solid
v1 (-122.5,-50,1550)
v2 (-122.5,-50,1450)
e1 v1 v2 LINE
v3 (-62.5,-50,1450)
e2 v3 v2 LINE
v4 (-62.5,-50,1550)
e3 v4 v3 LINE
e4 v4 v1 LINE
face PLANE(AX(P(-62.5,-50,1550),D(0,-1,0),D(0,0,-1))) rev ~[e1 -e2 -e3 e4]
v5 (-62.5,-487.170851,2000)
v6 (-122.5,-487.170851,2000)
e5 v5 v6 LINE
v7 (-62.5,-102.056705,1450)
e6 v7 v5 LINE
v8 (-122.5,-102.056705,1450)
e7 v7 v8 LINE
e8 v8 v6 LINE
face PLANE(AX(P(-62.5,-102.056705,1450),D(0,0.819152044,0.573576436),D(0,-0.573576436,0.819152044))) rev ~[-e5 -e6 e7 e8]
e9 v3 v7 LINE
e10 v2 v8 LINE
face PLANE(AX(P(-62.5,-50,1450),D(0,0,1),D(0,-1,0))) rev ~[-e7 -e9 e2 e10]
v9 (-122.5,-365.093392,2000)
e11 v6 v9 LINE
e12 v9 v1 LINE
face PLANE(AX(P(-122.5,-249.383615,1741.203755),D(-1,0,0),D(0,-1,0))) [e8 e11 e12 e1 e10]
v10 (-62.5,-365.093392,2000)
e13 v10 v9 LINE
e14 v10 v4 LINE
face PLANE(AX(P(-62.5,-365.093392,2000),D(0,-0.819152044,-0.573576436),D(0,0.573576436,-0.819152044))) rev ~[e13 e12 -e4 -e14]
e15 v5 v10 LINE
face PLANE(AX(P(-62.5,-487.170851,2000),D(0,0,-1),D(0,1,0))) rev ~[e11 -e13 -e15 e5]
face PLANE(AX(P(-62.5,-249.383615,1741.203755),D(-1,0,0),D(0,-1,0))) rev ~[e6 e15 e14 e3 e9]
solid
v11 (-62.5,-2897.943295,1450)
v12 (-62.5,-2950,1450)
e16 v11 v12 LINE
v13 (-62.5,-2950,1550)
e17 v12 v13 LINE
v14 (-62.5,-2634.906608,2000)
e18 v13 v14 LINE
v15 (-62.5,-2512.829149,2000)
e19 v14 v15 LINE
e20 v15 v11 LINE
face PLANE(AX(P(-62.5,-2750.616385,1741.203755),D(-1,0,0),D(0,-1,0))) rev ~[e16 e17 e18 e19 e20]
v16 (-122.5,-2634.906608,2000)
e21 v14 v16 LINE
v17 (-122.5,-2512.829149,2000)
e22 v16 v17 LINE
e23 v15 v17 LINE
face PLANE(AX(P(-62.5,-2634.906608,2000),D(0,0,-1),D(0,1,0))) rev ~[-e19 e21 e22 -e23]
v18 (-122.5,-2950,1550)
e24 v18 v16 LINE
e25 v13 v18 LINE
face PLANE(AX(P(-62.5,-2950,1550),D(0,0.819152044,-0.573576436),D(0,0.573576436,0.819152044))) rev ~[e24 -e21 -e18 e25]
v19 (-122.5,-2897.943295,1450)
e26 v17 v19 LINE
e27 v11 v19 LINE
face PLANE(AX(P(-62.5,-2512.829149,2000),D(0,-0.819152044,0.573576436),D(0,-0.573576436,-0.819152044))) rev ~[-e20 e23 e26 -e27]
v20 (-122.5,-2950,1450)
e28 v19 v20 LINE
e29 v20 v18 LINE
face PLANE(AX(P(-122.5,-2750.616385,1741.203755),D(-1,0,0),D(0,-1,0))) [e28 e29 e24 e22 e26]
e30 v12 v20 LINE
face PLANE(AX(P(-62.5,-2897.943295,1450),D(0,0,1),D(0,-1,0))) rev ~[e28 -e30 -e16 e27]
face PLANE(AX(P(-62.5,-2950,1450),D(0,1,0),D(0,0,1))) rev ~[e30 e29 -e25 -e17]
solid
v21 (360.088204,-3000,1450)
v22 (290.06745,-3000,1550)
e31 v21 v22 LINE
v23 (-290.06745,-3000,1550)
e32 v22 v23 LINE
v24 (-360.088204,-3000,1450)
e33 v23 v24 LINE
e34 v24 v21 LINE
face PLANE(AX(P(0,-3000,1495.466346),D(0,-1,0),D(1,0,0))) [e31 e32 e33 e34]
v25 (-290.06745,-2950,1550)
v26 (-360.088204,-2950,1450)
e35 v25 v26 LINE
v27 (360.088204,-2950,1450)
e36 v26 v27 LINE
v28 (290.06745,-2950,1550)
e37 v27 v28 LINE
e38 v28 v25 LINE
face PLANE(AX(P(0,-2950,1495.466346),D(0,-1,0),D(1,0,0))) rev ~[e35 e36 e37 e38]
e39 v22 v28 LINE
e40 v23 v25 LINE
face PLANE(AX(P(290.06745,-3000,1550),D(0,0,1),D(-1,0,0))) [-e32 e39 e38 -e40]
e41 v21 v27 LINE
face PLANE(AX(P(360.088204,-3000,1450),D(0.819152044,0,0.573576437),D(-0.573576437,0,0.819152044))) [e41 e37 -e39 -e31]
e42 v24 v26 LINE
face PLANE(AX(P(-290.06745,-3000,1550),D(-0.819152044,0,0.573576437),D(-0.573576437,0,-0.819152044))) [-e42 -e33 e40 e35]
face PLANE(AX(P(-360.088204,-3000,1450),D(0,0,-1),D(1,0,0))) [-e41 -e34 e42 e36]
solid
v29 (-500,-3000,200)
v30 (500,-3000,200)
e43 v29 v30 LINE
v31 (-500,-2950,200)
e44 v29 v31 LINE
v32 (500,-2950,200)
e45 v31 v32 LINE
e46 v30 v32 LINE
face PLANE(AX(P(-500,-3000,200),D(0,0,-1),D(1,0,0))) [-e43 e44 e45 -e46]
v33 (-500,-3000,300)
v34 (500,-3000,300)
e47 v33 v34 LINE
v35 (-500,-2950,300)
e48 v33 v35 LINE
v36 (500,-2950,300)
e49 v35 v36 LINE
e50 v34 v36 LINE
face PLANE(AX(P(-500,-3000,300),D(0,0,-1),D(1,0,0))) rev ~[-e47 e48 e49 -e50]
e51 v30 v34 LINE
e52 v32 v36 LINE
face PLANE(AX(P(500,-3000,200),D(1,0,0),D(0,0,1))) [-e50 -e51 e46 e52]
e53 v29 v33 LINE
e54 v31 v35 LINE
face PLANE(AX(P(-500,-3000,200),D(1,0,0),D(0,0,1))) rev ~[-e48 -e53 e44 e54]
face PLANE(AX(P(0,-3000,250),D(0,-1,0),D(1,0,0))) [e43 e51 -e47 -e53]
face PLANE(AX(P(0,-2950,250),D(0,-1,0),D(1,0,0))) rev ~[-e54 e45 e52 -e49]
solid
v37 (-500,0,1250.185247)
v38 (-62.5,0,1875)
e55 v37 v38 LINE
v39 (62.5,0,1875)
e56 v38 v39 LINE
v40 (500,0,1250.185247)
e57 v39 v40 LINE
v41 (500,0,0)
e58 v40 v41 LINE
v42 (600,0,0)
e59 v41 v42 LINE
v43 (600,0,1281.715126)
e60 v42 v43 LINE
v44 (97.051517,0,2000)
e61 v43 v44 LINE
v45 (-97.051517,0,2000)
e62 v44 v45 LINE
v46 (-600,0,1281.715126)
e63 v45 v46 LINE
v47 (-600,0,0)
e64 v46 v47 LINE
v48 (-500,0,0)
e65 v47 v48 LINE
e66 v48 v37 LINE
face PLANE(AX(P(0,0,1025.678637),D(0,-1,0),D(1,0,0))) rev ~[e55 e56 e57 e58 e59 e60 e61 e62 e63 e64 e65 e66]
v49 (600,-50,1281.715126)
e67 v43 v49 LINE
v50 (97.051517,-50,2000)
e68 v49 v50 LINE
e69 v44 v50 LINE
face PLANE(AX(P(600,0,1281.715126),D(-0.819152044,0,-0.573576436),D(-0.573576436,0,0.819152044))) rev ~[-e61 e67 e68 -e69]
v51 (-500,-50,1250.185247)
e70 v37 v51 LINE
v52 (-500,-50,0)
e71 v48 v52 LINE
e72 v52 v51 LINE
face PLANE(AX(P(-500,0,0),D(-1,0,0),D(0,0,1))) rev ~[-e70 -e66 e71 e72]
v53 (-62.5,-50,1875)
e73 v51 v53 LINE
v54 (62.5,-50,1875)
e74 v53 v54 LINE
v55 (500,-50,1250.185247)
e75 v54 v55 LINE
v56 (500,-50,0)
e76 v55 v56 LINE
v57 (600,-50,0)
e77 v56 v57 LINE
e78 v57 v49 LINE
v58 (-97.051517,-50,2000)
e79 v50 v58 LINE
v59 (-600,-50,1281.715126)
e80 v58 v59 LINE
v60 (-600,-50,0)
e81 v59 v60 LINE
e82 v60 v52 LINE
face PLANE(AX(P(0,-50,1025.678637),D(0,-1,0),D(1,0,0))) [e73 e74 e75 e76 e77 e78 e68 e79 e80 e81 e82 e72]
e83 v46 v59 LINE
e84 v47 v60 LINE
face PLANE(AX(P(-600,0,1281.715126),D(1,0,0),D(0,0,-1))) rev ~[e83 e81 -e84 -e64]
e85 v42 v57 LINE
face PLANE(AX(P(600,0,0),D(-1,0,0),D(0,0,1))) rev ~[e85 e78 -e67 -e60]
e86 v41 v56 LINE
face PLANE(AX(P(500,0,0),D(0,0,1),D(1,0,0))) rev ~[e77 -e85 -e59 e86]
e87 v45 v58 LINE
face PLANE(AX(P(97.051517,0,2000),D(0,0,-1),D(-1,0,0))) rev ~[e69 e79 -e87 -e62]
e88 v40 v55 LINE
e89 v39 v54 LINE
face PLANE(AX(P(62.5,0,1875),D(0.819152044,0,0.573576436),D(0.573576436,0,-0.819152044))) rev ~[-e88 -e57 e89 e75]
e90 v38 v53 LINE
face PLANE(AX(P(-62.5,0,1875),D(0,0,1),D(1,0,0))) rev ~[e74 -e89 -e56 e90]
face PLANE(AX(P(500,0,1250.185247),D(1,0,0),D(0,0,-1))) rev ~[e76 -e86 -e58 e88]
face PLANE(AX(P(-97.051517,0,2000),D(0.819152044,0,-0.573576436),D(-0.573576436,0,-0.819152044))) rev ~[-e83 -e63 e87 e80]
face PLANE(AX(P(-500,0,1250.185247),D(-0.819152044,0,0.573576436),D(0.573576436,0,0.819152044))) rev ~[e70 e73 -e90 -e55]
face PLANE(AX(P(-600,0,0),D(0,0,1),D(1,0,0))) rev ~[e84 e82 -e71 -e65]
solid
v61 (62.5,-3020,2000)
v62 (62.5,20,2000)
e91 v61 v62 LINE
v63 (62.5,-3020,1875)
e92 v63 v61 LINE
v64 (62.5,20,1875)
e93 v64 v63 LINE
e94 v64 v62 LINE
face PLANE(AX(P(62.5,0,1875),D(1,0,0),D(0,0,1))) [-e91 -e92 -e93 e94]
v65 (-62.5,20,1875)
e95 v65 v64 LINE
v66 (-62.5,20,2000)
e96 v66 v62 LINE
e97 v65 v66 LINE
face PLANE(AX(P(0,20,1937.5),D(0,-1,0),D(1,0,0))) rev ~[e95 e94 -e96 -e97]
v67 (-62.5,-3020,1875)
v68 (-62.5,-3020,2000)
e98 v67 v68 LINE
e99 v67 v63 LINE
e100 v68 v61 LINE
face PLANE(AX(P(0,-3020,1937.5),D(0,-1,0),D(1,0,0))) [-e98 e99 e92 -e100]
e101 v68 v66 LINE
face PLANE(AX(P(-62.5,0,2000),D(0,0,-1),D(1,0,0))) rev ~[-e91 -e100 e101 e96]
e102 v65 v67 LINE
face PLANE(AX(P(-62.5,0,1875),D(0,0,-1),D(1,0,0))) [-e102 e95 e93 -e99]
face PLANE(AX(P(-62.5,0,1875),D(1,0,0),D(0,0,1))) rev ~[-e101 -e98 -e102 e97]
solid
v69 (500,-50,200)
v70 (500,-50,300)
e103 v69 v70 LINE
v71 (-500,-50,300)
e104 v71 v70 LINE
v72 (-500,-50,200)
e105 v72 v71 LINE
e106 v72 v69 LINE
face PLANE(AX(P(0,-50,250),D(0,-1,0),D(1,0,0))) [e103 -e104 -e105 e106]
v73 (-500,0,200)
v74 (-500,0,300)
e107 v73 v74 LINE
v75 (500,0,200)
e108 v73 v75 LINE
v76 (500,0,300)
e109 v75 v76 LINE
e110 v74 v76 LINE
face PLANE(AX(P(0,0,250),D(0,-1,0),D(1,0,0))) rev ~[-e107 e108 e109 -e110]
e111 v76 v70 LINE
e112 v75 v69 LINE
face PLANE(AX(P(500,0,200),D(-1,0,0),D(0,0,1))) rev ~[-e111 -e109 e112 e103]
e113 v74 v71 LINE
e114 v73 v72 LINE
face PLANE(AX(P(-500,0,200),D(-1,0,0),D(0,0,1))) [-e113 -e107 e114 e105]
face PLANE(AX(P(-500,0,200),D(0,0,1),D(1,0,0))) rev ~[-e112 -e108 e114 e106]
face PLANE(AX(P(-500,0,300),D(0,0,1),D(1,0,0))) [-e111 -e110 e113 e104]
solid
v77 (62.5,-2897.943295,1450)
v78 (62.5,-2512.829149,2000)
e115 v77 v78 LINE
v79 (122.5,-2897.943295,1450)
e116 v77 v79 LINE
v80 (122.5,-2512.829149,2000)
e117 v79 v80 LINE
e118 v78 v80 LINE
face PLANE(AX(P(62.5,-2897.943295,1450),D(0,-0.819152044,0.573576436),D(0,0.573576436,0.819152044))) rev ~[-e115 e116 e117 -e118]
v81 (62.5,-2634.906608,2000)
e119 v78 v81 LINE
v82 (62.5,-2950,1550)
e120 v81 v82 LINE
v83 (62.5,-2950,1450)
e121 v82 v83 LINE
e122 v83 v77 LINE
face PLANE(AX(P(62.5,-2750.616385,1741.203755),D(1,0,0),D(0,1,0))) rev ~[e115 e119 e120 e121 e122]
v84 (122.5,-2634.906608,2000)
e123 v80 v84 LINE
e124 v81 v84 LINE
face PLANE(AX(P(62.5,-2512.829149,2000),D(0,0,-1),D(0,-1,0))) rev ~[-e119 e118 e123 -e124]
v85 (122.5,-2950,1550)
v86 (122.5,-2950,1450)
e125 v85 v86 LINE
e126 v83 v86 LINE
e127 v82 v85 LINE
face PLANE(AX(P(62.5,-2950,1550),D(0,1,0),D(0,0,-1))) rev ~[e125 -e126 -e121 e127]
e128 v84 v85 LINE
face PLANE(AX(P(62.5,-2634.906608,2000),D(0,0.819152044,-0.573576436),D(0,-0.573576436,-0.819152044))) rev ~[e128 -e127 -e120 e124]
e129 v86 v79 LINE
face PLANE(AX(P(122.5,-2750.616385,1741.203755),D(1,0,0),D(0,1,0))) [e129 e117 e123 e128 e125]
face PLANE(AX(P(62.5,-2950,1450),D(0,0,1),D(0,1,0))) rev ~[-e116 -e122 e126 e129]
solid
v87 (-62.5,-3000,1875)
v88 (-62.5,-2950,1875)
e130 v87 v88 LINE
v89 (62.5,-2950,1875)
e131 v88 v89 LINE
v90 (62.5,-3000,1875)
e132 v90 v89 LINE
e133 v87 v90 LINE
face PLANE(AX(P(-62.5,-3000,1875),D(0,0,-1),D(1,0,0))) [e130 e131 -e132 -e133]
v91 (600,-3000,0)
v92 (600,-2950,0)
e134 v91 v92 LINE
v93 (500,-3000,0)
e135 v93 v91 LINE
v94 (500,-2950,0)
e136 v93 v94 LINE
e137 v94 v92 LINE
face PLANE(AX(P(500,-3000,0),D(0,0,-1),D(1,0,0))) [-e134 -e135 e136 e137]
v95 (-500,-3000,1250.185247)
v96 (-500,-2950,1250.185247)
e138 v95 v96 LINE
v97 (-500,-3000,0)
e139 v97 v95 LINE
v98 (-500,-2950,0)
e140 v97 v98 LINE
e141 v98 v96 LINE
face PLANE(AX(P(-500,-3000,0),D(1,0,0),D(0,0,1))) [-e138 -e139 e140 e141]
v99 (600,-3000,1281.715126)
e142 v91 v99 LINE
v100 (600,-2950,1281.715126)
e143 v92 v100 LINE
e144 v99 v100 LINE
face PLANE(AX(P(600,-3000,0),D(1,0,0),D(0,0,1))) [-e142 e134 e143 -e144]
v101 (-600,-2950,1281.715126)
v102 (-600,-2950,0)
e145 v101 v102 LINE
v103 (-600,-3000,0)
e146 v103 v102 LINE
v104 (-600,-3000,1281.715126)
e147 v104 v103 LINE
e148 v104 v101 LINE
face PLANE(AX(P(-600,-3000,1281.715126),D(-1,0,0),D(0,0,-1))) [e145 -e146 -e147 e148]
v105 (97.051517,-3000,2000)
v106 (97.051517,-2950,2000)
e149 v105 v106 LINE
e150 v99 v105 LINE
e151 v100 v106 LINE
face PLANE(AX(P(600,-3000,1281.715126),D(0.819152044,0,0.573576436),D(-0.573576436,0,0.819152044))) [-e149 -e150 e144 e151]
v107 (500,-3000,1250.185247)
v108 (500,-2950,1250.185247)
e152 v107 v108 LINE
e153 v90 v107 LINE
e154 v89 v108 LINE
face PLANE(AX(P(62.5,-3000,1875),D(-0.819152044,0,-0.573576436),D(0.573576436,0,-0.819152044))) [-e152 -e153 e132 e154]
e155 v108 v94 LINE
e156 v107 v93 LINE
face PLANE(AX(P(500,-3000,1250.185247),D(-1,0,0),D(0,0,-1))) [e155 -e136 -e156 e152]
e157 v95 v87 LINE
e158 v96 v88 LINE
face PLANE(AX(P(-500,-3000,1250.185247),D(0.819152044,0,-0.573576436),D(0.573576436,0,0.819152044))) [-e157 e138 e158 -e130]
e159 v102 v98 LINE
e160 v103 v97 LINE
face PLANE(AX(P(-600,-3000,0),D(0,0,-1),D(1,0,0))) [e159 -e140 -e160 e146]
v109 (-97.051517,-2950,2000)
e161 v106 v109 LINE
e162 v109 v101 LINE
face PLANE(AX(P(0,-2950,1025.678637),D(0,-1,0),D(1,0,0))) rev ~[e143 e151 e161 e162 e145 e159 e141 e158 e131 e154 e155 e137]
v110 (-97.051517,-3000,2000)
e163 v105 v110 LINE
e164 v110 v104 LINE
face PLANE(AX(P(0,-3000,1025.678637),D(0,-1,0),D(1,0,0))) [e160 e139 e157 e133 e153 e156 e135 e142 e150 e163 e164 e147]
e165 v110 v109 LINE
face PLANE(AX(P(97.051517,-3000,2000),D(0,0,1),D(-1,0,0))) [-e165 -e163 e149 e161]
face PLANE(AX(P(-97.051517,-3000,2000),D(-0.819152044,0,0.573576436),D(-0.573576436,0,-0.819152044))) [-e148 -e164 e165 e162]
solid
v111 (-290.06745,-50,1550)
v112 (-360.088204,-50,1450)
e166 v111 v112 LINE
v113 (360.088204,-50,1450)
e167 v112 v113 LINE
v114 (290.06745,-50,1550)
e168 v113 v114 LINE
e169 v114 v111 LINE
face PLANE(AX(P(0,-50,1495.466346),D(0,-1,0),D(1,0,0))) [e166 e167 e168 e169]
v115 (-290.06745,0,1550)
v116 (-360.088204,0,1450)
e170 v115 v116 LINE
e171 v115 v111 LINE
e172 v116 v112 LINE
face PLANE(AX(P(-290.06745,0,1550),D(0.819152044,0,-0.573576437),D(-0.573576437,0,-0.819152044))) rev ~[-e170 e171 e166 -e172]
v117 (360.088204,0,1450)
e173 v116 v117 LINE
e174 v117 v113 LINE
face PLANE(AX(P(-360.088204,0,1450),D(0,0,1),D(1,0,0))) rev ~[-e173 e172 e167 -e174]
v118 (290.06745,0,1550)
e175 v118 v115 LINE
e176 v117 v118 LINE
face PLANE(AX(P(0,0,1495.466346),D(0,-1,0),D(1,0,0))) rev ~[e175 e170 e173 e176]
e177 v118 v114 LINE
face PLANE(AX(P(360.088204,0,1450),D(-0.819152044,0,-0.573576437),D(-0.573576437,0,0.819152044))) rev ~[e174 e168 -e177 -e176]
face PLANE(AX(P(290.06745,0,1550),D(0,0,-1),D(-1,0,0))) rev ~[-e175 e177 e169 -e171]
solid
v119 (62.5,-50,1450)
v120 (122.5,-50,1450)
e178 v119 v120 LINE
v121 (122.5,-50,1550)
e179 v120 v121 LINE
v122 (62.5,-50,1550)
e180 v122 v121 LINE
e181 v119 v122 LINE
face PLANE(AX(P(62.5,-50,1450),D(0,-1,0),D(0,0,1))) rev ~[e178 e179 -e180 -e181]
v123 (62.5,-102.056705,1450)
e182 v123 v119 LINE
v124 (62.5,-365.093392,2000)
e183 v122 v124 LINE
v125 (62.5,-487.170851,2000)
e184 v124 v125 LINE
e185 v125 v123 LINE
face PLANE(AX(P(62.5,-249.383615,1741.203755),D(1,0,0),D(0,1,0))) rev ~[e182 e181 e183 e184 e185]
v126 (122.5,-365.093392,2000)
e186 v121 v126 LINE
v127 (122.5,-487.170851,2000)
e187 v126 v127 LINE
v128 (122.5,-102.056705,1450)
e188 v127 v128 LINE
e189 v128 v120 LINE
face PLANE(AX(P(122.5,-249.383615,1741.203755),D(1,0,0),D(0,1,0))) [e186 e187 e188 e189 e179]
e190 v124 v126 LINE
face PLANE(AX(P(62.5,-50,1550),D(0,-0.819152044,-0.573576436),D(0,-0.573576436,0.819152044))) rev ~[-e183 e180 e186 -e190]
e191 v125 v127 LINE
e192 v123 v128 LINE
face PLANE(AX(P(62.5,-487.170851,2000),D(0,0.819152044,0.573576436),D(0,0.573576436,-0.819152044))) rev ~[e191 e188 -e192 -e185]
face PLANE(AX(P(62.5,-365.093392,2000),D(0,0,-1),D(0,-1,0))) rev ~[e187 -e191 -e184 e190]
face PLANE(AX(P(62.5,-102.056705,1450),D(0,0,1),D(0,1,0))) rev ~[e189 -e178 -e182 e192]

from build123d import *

# Parameters (mm, degrees)
F1_DEPTH      = 50
F4_DEPTH      = 50
F5_W          = 125
F5_H          = 125
F6_DEPTH      = 3020
F6_DEPTH_BACK = 20
F7_W          = 1000
F7_H          = 100
F8_DEPTH      = 50
F9_W          = 1000
F9_H          = 100
F10_DEPTH     = 50
F12_DEPTH     = 60
F14_DEPTH     = 60


with BuildPart() as f1:
    # F0 (on Front) → F1 (new body)
    with BuildSketch(Plane.XZ):
        Polygon((0, 2000), (-97.051517, 2000), (-600, 1281.715126), (-600, 0), (-500, 0), (-500, 1250.185247), (-62.5, 1875), (0, 1875), (62.5, 1875), (500, 1250.185247), (500, 0), (600, 0), (600, 1281.715126), (97.051517, 2000), align=None)
    extrude(amount=F1_DEPTH)


with BuildPart() as f4:
    # F3 (on offset) → F4 (new body)
    with BuildSketch(Plane.XZ.offset(3000)):
        Polygon((-500, 1250.185247), (-62.5, 1875), (62.5, 1875), (500, 1250.185247), (500, 0), (600, 0), (600, 1281.715126), (97.051517, 2000), (-97.051517, 2000), (-600, 1281.715126), (-600, 0), (-500, 0), align=None)
    extrude(amount=-F4_DEPTH)


with BuildPart() as f6:
    # F5 (on Front) → F6 (new body, two sides)
    with BuildSketch(Plane.XZ) as f6_sk:
        with Locations((0, 1937.5)):
            Rectangle(F5_W, F5_H)
    extrude(amount=F6_DEPTH)
    extrude(f6_sk.sketch, amount=-F6_DEPTH_BACK)


with BuildPart() as f8:
    # F7 (on offset) → F8 (new body)
    with BuildSketch(Plane.XZ.offset(3000)):
        Polygon((-290.06745, 1550), (-360.088204, 1450), (360.088204, 1450), (290.06745, 1550), align=None)
        with Locations((0, 250)):
            Rectangle(F7_W, F7_H)
    extrude(amount=-F8_DEPTH)


with BuildPart() as f10:
    # F9 (on Front) → F10 (new body)
    with BuildSketch(Plane.XZ):
        with Locations((0, 250)):
            Rectangle(F9_W, F9_H)
        Polygon((360.088204, 1450), (290.06745, 1550), (-290.06745, 1550), (-360.088204, 1450), align=None)
    extrude(amount=F10_DEPTH)


with BuildPart() as f12:
    # F11 (on face) → F12 (new body)
    with BuildSketch(Plane.YZ.offset(62.5)):
        Polygon((-2634.906608, 2000), (-2950, 1550), (-2950, 1450), (-2897.943295, 1450), (-2512.829149, 2000), align=None)
        Polygon((-50, 1550), (-365.093392, 2000), (-487.170851, 2000), (-102.056705, 1450), (-50, 1450), align=None)
    extrude(amount=F12_DEPTH)


with BuildPart() as f14:
    # F13 (on face) → F14 (new body)
    with BuildSketch(Plane(origin=(-62.5, 0, 0), x_dir=(0, -1, 0), z_dir=(-1, 0, 0))):
        Polygon((50, 1550), (50, 1450), (102.056705, 1450), (487.170851, 2000), (365.093392, 2000), align=None)
        Polygon((2512.829149, 2000), (2897.943295, 1450), (2950, 1450), (2950, 1550), (2634.906608, 2000), align=None)
    extrude(amount=F14_DEPTH)


solid = Compound([f1.part, f4.part, f6.part, f8.part, f10.part, f12.part, f14.part])
